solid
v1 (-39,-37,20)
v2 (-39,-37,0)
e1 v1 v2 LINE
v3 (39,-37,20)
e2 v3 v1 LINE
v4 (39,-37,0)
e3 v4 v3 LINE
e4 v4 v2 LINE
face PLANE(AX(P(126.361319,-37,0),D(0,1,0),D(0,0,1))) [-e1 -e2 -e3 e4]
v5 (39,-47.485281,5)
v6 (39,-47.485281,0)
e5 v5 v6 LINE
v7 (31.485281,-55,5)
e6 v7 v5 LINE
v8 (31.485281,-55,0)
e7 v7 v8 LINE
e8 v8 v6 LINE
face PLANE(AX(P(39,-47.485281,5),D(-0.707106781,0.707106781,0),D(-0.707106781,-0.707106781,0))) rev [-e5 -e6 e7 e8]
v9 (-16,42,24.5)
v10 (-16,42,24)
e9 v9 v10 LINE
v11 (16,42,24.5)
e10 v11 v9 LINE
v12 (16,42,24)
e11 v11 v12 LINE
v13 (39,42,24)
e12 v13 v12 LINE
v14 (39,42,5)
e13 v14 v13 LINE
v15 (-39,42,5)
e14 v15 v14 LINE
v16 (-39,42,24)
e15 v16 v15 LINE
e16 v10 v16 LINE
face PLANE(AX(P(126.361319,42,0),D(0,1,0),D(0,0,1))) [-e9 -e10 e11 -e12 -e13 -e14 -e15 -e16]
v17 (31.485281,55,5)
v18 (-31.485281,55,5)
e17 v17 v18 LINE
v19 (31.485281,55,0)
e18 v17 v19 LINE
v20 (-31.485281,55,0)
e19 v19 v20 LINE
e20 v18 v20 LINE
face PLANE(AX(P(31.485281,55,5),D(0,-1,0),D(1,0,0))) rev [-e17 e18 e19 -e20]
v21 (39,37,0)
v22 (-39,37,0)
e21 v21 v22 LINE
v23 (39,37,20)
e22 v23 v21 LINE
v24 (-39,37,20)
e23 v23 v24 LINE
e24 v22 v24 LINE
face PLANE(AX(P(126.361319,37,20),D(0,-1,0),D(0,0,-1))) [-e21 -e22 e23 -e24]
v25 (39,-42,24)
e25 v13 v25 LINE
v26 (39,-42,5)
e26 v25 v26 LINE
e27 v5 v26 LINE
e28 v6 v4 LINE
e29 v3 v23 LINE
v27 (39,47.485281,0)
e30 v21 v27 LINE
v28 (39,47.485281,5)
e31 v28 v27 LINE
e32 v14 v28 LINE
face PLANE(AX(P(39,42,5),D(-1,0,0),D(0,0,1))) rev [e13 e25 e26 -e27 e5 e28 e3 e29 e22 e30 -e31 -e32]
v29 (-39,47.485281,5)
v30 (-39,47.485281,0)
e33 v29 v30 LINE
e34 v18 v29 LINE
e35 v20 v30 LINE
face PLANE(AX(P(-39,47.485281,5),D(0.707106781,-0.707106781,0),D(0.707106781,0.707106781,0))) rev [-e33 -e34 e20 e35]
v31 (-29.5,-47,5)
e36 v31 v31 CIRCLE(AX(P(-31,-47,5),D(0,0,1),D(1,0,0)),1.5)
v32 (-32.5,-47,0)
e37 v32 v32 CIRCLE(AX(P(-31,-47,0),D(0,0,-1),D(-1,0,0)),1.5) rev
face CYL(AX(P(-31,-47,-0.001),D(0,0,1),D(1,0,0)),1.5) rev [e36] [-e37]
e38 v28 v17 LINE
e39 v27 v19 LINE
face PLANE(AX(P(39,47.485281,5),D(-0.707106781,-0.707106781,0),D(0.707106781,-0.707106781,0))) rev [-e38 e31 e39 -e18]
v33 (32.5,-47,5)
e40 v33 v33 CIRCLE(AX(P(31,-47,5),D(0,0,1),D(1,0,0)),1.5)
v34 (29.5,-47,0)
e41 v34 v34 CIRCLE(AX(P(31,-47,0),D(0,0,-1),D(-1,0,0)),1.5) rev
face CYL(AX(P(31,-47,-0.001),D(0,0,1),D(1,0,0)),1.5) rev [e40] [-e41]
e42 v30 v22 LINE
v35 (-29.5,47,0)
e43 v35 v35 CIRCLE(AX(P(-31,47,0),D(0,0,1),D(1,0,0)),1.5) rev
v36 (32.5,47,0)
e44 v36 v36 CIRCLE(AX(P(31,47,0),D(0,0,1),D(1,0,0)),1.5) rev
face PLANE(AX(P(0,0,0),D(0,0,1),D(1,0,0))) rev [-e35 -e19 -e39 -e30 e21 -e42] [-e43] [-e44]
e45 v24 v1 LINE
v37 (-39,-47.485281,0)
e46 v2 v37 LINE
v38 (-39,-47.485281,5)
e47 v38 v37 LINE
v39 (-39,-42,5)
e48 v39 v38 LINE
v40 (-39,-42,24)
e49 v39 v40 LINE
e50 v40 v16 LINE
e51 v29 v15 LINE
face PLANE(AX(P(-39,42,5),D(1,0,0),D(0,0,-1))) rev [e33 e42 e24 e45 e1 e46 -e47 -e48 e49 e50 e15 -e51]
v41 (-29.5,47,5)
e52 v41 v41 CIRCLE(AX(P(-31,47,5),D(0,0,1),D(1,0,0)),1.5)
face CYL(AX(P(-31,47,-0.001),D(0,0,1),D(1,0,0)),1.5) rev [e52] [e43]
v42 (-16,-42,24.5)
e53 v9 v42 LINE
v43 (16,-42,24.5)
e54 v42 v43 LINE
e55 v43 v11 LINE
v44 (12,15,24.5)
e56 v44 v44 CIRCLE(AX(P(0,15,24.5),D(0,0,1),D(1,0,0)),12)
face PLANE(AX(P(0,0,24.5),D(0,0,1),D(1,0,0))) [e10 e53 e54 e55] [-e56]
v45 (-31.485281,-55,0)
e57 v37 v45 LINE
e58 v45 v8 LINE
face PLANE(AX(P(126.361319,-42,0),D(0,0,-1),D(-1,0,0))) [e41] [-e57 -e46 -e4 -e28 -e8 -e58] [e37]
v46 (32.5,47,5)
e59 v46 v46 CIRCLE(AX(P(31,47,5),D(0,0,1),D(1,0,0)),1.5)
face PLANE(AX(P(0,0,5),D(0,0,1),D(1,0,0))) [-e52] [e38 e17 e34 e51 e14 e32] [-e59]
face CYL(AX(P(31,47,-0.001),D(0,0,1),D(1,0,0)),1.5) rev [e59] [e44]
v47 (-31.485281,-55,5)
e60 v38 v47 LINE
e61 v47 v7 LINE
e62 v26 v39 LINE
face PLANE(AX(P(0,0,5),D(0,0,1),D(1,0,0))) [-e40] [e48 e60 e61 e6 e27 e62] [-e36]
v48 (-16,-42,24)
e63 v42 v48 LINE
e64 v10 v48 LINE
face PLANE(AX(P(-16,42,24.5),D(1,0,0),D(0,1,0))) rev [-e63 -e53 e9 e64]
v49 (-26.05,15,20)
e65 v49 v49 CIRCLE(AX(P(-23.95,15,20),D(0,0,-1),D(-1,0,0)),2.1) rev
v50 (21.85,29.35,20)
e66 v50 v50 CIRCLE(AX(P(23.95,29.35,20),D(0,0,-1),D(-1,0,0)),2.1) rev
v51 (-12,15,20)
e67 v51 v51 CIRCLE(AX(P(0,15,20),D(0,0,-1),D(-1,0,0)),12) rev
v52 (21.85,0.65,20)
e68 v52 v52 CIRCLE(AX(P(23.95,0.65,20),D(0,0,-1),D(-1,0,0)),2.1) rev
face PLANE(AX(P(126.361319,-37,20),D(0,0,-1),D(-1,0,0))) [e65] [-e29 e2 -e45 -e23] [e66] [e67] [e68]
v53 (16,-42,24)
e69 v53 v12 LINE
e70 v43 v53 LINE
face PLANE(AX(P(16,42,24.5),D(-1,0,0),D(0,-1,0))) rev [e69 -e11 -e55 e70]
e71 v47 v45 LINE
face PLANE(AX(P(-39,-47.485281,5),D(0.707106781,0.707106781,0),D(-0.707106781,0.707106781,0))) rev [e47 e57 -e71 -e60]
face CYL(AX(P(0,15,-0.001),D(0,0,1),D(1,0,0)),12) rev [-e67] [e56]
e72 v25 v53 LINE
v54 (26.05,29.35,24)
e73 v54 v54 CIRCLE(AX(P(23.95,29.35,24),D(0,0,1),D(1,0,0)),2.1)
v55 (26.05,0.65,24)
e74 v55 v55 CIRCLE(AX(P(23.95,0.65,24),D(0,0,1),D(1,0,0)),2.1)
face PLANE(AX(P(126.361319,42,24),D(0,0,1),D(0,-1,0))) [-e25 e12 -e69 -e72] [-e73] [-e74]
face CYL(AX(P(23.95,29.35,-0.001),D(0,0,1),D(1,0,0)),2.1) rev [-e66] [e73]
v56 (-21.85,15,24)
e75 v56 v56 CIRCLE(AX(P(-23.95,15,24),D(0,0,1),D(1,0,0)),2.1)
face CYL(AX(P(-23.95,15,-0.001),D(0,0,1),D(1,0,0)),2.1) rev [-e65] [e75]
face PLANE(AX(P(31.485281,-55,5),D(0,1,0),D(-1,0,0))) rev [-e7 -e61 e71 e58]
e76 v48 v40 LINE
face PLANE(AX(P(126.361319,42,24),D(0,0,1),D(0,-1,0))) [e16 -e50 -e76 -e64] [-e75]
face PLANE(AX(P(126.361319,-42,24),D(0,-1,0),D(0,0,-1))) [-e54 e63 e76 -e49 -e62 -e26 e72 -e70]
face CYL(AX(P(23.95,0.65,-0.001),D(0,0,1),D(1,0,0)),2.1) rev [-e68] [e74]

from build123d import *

# Parameters (mm, degrees)
EXTRUDE_1_DEPTH     = 5
EXTRUDE_1_2_DEPTH   = 5
EXTRUDE_2_DEPTH     = 78
CUT_EXTRUDE_1_REACH = 73.568
SKETCH_4_R          = 12
EXTRUDE_START       = 0.5
SKETCH_5_W          = 32
SKETCH_5_H          = 84
SKETCH_5_R          = 12
EXTRUDE_3_DEPTH     = 0.5
CUT_EXTRUDE_2_REACH = 73.568
SKETCH_6_R          = 2.1
CUT_EXTRUDE_3_REACH = 72.187
SKETCH_7_R          = 1.5


with BuildPart() as part:
    # 草图2 → 凸台-拉伸1 (new body)
    with BuildSketch(Plane.XY):
        Polygon((39, 42), (-39, 42), (-39, 47.485281374), (-31.485281374, 55), (31.485281374, 55), (39, 47.485281374), align=None)
    extrude(amount=EXTRUDE_1_DEPTH)



with BuildPart() as body_2:
    # 草图2 → Extrude 1 2 (new body)
    with BuildSketch(Plane.XY):
        Polygon((31.485281374, -55), (-31.485281374, -55), (-39, -47.485281374), (-39, -42), (39, -42), (39, -47.485281374), align=None)
    extrude(amount=EXTRUDE_1_2_DEPTH)


with BuildPart() as part_1:
    add(part.part)

    add(body_2.part)  # 凸台-拉伸2 merges body 2
    # 草图3 → 凸台-拉伸2 (add)
    with BuildSketch(Plane.ZY.offset(39)):
        Polygon((0, 42), (24, 42), (24, -42), (0, -42), (0, -37), (20, -37), (20, 37), (0, 37), align=None)
    extrude(amount=-EXTRUDE_2_DEPTH)

    # 草图4 → 切除-拉伸1 (cut, up to next)
    with BuildSketch(Plane.XY.offset(24), mode=Mode.PRIVATE) as cut_extrude_1_sk1:
        with Locations((0, 15)):
            Circle(SKETCH_4_R)
    cut_extrude_1_tool1 = extrude(cut_extrude_1_sk1.sketch, amount=-CUT_EXTRUDE_1_REACH, mode=Mode.PRIVATE) & part_1.part
    add(cut_extrude_1_tool1.solids().sort_by_distance((0, 15, 24))[0], mode=Mode.SUBTRACT)

    # 草图5 → 凸台-拉伸3 (add)
    with BuildSketch(Plane.XY.offset(24).offset(EXTRUDE_START)):
        Rectangle(SKETCH_5_W, SKETCH_5_H)
        with Locations((0, 15)):
            Circle(SKETCH_5_R, mode=Mode.SUBTRACT)
    extrude(amount=-EXTRUDE_3_DEPTH)

    # 草图6 → 切除-拉伸2 (cut, up to next)
    with BuildSketch(Plane.XY.offset(24), mode=Mode.PRIVATE) as cut_extrude_2_sk1:
        with Locations((-23.95, 15)):
            Circle(SKETCH_6_R)
    cut_extrude_2_tool1 = extrude(cut_extrude_2_sk1.sketch, amount=-CUT_EXTRUDE_2_REACH, mode=Mode.PRIVATE) & part_1.part
    # 草图6 → 切除-拉伸2 (cut, up to next)
    with BuildSketch(Plane.XY.offset(24), mode=Mode.PRIVATE) as cut_extrude_2_sk2:
        with Locations((23.95, 29.35)):
            Circle(SKETCH_6_R)
    cut_extrude_2_tool2 = extrude(cut_extrude_2_sk2.sketch, amount=-CUT_EXTRUDE_2_REACH, mode=Mode.PRIVATE) & part_1.part
    # 草图6 → 切除-拉伸2 (cut, up to next)
    with BuildSketch(Plane.XY.offset(24), mode=Mode.PRIVATE) as cut_extrude_2_sk3:
        with Locations((23.95, 0.65)):
            Circle(SKETCH_6_R)
    cut_extrude_2_tool3 = extrude(cut_extrude_2_sk3.sketch, amount=-CUT_EXTRUDE_2_REACH, mode=Mode.PRIVATE) & part_1.part
    add(cut_extrude_2_tool1.solids().sort_by_distance((-23.95, 15, 24))[0], mode=Mode.SUBTRACT)
    add(cut_extrude_2_tool2.solids().sort_by_distance((23.95, 29.35, 24))[0], mode=Mode.SUBTRACT)
    add(cut_extrude_2_tool3.solids().sort_by_distance((23.95, 0.65, 24))[0], mode=Mode.SUBTRACT)

    # 草图7 → 切除-拉伸3 (cut, up to next)
    with BuildSketch(Plane.XY.offset(5), mode=Mode.PRIVATE) as cut_extrude_3_sk1:
        with Locations((-31, 47)):
            Circle(SKETCH_7_R)
    cut_extrude_3_tool1 = extrude(cut_extrude_3_sk1.sketch, amount=-CUT_EXTRUDE_3_REACH, mode=Mode.PRIVATE) & part_1.part
    # 草图7 → 切除-拉伸3 (cut, up to next)
    with BuildSketch(Plane.XY.offset(5), mode=Mode.PRIVATE) as cut_extrude_3_sk2:
        with Locations((31, 47)):
            Circle(SKETCH_7_R)
    cut_extrude_3_tool2 = extrude(cut_extrude_3_sk2.sketch, amount=-CUT_EXTRUDE_3_REACH, mode=Mode.PRIVATE) & part_1.part
    # 草图7 → 切除-拉伸3 (cut, up to next)
    with BuildSketch(Plane.XY.offset(5), mode=Mode.PRIVATE) as cut_extrude_3_sk3:
        with Locations((31, -47)):
            Circle(SKETCH_7_R)
    cut_extrude_3_tool3 = extrude(cut_extrude_3_sk3.sketch, amount=-CUT_EXTRUDE_3_REACH, mode=Mode.PRIVATE) & part_1.part
    # 草图7 → 切除-拉伸3 (cut, up to next)
    with BuildSketch(Plane.XY.offset(5), mode=Mode.PRIVATE) as cut_extrude_3_sk4:
        with Locations((-31, -47)):
            Circle(SKETCH_7_R)
    cut_extrude_3_tool4 = extrude(cut_extrude_3_sk4.sketch, amount=-CUT_EXTRUDE_3_REACH, mode=Mode.PRIVATE) & part_1.part
    add(cut_extrude_3_tool1.solids().sort_by_distance((-31, 47, 5))[0], mode=Mode.SUBTRACT)
    add(cut_extrude_3_tool2.solids().sort_by_distance((31, 47, 5))[0], mode=Mode.SUBTRACT)
    add(cut_extrude_3_tool3.solids().sort_by_distance((31, -47, 5))[0], mode=Mode.SUBTRACT)
    add(cut_extrude_3_tool4.solids().sort_by_distance((-31, -47, 5))[0], mode=Mode.SUBTRACT)


solid = part_1.part
